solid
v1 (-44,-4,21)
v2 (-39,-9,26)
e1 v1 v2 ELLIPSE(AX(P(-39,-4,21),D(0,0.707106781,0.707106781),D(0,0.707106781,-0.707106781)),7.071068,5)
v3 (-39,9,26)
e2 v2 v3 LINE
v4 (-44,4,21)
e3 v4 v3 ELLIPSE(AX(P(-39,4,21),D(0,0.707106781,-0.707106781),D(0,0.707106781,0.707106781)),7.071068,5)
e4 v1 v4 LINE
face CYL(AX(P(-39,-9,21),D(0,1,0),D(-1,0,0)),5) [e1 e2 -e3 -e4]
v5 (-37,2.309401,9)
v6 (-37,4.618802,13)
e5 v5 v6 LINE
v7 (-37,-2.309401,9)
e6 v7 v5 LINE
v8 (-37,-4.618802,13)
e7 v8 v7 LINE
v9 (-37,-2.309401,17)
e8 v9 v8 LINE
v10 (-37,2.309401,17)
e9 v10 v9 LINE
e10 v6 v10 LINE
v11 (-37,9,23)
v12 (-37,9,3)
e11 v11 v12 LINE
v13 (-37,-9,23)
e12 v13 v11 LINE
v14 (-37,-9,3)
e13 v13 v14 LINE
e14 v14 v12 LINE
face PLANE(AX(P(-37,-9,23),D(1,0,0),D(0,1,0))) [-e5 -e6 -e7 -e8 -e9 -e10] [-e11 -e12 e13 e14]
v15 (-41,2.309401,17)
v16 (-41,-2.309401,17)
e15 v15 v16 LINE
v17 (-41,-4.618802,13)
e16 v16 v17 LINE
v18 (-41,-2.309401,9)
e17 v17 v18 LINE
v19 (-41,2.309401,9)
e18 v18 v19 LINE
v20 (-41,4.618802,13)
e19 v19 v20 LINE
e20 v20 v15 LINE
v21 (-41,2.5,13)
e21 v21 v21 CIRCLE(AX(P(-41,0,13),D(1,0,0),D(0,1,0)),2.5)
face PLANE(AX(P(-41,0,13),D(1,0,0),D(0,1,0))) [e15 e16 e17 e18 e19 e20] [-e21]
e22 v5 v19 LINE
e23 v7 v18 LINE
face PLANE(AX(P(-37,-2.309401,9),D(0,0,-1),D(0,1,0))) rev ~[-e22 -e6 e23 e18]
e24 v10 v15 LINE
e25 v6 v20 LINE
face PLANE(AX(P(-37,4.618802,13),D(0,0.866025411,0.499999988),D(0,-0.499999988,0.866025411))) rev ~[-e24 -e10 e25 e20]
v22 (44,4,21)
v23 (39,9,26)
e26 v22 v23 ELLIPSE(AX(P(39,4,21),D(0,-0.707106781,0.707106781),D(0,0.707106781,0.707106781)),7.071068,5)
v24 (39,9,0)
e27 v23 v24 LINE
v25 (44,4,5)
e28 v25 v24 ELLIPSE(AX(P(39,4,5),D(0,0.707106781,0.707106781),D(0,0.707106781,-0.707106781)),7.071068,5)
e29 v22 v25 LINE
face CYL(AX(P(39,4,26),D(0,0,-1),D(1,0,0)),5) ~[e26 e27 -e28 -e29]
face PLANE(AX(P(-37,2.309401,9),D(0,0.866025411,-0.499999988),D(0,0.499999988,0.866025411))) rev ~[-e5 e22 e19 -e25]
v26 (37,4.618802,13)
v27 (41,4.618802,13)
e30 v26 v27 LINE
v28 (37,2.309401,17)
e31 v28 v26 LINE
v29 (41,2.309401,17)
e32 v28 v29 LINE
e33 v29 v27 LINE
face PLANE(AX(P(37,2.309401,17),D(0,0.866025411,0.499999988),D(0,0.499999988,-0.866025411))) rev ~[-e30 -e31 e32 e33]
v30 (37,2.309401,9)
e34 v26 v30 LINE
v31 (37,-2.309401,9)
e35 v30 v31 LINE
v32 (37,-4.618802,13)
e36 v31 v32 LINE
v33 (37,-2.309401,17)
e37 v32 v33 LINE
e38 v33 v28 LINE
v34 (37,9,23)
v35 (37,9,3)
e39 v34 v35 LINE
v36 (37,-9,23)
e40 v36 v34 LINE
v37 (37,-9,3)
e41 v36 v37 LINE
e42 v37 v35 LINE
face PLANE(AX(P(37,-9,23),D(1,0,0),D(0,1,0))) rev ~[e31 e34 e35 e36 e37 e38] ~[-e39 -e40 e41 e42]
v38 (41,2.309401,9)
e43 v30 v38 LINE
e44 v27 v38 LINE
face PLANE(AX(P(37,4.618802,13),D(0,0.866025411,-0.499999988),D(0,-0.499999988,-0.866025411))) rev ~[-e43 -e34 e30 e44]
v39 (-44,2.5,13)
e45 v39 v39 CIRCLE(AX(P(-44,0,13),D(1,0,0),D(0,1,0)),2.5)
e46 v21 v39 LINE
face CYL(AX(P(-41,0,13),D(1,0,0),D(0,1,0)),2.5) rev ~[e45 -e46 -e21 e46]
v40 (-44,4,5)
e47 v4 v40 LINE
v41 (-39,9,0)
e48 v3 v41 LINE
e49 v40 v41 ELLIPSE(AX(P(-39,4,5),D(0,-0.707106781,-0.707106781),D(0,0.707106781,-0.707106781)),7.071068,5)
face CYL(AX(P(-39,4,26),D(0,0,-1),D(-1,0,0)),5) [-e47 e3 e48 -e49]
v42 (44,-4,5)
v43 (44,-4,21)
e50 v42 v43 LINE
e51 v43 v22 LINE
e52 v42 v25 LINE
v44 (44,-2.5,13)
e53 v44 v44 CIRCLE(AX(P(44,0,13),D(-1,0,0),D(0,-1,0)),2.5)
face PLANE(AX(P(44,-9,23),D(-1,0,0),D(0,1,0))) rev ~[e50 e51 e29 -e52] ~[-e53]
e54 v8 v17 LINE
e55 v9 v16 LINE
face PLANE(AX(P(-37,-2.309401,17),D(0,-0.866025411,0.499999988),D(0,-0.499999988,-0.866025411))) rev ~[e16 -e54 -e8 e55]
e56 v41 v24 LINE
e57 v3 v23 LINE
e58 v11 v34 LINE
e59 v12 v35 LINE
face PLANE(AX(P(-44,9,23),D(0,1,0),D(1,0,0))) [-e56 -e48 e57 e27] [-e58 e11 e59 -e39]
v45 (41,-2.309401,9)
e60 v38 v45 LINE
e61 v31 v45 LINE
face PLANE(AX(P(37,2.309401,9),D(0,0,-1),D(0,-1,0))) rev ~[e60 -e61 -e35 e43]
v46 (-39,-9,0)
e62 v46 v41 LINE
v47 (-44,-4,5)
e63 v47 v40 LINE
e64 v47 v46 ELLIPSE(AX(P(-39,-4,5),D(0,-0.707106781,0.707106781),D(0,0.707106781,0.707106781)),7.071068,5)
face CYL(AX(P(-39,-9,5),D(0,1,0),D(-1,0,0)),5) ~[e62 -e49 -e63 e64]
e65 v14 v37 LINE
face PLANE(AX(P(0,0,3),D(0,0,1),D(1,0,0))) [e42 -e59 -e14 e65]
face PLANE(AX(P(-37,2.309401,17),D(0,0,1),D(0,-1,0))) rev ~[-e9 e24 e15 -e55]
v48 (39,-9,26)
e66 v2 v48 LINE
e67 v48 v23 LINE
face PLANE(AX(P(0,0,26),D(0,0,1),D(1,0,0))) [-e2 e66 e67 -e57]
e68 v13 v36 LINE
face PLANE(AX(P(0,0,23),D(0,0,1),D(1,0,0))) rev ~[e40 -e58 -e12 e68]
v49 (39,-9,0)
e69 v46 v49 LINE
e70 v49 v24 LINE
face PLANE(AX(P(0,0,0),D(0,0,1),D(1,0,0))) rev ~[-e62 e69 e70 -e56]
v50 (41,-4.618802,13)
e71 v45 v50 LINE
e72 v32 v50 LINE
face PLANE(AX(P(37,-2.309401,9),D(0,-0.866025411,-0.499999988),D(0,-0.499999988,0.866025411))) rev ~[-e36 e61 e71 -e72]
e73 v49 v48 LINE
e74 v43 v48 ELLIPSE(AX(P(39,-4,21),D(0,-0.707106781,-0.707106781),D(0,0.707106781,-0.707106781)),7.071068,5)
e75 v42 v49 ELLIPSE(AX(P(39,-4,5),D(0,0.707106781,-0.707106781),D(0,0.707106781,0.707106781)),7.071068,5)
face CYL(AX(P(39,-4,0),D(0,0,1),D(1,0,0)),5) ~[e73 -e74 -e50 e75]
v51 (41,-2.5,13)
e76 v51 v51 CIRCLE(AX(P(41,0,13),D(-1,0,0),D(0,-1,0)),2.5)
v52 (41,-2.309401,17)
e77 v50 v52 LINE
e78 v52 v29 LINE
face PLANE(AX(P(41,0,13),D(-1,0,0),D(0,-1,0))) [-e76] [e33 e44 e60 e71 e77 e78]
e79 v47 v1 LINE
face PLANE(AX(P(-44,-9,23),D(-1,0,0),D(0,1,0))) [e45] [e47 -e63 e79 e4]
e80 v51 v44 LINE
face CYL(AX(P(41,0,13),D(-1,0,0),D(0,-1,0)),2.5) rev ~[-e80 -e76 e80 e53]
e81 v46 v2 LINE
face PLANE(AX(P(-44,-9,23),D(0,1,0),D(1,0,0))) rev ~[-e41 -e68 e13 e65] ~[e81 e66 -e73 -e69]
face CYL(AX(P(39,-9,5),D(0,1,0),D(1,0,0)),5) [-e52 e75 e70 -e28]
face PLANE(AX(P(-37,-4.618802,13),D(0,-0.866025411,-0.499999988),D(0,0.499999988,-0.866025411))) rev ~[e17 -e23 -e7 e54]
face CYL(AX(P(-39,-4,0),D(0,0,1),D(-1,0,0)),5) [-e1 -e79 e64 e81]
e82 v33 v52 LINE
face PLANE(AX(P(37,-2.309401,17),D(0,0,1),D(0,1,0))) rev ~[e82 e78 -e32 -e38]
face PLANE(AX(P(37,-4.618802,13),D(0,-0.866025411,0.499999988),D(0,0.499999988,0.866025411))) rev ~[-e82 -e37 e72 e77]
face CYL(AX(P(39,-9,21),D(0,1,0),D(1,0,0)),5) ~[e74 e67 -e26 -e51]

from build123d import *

# Parameters (mm, degrees)
F0_W      = 88
F0_H      = 18
F1_DEPTH  = 23
F2_W      = 74
F2_H      = 18
F3_DEPTH  = 20
F5_DEPTH  = 4
F7_DEPTH  = 4
F8_R      = 2.5
F9_DEPTH  = 3
F10_R     = 2.5
F11_DEPTH = 3
F12_W     = 88
F12_H     = 18
F13_DEPTH = 3
F15_R     = 5


with BuildPart() as f1:
    # F0 (on Top) → F1 (new body)
    with BuildSketch(Plane.XY):
        Rectangle(F0_W, F0_H)
    extrude(amount=F1_DEPTH)

    # F2 (on face) → F3 (cut)
    with BuildSketch(Plane.XY.offset(23)):
        Rectangle(F2_W, F2_H)
    extrude(amount=-F3_DEPTH, mode=Mode.SUBTRACT)

    # F4 (on face) → F5 (cut)
    with BuildSketch(Plane(origin=(37, 0, 0), x_dir=(0, -1, 0), z_dir=(-1, 0, 0))):
        Polygon((-2.309401, 9), (2.309401, 9), (4.618802, 13), (2.309401, 17), (-2.309401, 17), (-4.618802, 13), align=None)
    extrude(amount=-F5_DEPTH, mode=Mode.SUBTRACT)

    # F6 (on face) → F7 (cut)
    with BuildSketch(Plane.YZ.offset(-37)):
        Polygon((-2.309401, 9), (2.309401, 9), (4.618802, 13), (2.309401, 17), (-2.309401, 17), (-4.618802, 13), align=None)
    extrude(amount=-F7_DEPTH, mode=Mode.SUBTRACT)

    # F8 (on face) → F9 (cut, through all)
    with BuildSketch(Plane(origin=(41, 0, 0), x_dir=(0, -1, 0), z_dir=(-1, 0, 0))):
        with Locations((0, 13)):
            Circle(F8_R)
    extrude(amount=-F9_DEPTH, mode=Mode.SUBTRACT)

    # F10 (on face) → F11 (cut, through all)
    with BuildSketch(Plane.YZ.offset(-41)):
        with Locations((0, 13)):
            Circle(F10_R)
    extrude(amount=-F11_DEPTH, mode=Mode.SUBTRACT)


with BuildPart() as f13:
    # F12 (on face) → F13 (new body)
    with BuildSketch(Plane.XY.offset(23)):
        Rectangle(F12_W, F12_H)
    extrude(amount=F13_DEPTH)


with BuildPart() as f1_1:
    add(f1.part)

    # F14: union F13
    add(f13.part)

    # F15
    f15_edges = [f1_1.edges().sort_by_distance(p)[0] for p in [
        (-44, 0, 26),
        (-44, 0, 0),
        (44, 0, 26),
        (44, 0, 0),
        (-44, -9, 13),
        (-44, 9, 13),
        (44, -9, 13),
        (44, 9, 13),
    ]]
    fillet(f15_edges, radius=F15_R)


solid = f1_1.part
